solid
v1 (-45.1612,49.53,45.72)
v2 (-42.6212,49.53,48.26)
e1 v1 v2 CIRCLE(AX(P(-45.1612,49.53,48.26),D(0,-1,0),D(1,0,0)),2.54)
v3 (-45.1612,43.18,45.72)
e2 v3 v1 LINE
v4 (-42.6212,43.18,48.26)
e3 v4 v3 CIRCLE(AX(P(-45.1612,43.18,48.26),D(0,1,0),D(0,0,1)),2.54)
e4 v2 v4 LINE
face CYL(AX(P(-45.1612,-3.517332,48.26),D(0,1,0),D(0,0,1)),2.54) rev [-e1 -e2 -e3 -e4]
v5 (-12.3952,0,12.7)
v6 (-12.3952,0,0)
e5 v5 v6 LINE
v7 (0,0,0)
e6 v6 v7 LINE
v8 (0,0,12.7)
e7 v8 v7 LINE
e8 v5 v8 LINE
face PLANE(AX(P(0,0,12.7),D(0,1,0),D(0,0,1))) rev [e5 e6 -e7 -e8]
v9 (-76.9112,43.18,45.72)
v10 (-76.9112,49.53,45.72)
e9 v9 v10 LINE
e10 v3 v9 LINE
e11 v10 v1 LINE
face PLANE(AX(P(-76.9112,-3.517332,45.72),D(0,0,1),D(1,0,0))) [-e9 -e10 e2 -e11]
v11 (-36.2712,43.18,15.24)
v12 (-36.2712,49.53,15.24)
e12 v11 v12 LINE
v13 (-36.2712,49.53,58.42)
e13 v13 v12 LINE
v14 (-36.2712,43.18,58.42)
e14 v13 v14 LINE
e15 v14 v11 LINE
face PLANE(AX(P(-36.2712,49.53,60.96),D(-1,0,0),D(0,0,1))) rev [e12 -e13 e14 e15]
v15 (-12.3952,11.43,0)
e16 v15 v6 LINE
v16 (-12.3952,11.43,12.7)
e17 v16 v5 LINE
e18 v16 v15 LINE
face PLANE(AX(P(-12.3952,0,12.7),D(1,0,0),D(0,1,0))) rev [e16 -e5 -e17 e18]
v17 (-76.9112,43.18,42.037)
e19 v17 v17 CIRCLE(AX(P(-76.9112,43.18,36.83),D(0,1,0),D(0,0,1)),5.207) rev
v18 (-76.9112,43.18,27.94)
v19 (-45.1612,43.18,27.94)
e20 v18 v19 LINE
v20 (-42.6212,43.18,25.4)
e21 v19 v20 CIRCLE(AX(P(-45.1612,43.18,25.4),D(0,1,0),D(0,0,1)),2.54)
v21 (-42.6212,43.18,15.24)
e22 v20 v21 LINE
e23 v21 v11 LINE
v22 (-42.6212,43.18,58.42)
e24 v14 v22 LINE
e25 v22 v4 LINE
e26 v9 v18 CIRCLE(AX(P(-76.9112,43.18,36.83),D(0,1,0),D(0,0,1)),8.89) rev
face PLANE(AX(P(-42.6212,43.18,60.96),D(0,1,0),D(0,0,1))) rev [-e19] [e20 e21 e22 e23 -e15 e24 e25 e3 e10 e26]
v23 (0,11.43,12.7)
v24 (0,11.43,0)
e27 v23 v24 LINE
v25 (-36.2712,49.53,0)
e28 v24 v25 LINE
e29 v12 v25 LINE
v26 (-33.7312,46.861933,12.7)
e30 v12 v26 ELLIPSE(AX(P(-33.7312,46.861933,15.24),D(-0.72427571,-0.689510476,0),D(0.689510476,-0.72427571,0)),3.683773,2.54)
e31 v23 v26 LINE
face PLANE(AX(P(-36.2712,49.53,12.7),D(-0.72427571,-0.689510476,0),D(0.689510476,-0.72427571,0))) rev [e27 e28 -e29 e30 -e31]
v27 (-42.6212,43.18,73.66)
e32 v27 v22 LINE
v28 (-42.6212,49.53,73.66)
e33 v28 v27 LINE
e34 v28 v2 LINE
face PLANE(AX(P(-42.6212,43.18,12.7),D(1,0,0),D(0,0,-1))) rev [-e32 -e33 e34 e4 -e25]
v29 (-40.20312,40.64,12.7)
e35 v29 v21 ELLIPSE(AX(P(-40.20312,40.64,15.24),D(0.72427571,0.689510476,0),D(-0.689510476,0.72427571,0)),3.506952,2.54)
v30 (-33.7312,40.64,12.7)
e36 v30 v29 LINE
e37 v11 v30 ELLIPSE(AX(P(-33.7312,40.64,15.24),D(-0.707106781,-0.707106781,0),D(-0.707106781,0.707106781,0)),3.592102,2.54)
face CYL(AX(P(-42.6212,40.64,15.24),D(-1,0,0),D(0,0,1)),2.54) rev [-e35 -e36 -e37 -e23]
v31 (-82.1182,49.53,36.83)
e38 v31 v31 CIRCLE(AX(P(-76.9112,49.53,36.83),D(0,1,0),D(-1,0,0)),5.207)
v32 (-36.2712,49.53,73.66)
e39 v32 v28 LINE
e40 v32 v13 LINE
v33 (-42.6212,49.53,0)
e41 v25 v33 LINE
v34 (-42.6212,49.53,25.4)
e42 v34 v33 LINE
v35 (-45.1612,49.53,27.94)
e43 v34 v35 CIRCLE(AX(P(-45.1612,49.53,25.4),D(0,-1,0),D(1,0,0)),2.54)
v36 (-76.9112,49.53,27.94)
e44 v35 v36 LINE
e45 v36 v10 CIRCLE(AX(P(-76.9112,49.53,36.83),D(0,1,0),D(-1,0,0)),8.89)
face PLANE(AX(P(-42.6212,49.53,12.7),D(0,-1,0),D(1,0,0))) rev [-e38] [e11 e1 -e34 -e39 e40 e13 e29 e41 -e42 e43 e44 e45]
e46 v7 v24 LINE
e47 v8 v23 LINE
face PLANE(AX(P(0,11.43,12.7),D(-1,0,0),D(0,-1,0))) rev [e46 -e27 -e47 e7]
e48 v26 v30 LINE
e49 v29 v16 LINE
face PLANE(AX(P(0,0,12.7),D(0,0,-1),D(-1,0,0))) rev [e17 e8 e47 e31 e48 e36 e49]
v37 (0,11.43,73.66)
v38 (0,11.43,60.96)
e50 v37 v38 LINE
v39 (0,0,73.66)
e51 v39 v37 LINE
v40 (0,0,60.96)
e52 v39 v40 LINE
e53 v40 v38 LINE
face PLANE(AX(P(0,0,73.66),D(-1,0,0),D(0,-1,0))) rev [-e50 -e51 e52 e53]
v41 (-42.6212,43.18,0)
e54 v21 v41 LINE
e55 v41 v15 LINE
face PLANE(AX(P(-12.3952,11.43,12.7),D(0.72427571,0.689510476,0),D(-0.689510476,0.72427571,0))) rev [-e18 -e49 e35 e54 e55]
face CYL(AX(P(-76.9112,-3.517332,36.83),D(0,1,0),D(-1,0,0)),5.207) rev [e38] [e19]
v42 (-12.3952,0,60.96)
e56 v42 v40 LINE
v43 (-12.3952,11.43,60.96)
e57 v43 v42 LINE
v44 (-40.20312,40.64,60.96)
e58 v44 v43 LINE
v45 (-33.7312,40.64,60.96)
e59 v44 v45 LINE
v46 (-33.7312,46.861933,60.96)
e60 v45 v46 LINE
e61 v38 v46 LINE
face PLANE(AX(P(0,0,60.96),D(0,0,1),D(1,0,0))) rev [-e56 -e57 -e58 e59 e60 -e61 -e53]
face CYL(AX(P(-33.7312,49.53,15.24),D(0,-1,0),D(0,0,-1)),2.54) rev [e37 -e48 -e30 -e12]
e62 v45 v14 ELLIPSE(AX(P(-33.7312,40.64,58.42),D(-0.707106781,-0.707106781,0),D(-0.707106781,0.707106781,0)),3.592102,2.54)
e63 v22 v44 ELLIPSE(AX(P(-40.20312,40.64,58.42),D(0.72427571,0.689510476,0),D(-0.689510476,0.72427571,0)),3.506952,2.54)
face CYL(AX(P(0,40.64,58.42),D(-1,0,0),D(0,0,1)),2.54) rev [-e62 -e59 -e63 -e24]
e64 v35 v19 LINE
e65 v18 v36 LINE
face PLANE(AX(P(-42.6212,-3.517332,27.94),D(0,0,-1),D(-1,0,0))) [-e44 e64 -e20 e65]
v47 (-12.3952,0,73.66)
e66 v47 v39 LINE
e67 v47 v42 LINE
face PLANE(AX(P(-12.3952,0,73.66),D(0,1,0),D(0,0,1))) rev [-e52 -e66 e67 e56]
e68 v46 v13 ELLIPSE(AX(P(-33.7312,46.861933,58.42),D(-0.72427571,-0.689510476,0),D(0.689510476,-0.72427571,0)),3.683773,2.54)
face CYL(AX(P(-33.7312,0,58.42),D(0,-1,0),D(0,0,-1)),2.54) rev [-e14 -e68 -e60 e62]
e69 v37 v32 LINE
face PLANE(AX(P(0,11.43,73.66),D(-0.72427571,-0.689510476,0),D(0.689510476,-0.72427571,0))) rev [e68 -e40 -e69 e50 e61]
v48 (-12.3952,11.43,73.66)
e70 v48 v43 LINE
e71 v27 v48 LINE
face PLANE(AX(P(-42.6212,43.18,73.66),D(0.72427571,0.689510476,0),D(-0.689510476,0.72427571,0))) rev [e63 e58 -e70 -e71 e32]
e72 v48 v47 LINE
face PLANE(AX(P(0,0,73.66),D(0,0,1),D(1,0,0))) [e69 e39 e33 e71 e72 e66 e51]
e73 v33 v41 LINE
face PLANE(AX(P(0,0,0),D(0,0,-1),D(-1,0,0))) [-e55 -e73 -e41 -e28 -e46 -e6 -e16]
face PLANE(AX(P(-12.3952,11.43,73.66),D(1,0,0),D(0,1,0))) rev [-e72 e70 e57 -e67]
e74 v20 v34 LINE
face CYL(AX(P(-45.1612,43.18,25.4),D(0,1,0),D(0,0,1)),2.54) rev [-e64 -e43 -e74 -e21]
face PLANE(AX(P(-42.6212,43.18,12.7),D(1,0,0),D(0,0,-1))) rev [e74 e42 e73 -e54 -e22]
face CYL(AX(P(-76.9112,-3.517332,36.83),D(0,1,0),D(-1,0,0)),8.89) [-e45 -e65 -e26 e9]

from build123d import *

# Parameters (mm, degrees)
BOSS_EXTRUDE1_DEPTH = 12.7
SKETCH2_W           = 6.35
SKETCH2_H           = 6.35
BOSS_EXTRUDE2_DEPTH = 48.26
BOSS_EXTRUDE3_DEPTH = 12.7
SKETCH4_R           = 5.207
BOSS_EXTRUDE4_DEPTH = 6.35
FILLET1_R           = 2.54


with BuildPart() as part:
    # Sketch1 → Boss-Extrude1 (new body)
    with BuildSketch(Plane.XY):
        Polygon((0, 0), (-12.3952, 0), (-12.3952, 11.43), (-42.6212, 43.18), (-42.6212, 49.53), (-36.2712, 49.53), (0, 11.43), align=None)
    extrude(amount=BOSS_EXTRUDE1_DEPTH)

    # Sketch2 → Boss-Extrude2 (add)
    with BuildSketch(Plane.XY.offset(12.7)):
        with Locations((-39.4462, 46.355)):
            Rectangle(SKETCH2_W, SKETCH2_H)
    extrude(amount=BOSS_EXTRUDE2_DEPTH)

    # Sketch3 → Boss-Extrude3 (add)
    with BuildSketch(Plane.XY.offset(60.96)):
        Polygon((-42.6212, 43.18), (-12.3952, 11.43), (-12.3952, 0), (0, 0), (0, 11.43), (-36.2712, 49.53), (-42.6212, 49.53), align=None)
    extrude(amount=BOSS_EXTRUDE3_DEPTH)

    # Sketch4 → Boss-Extrude4 (add)
    with BuildSketch(Plane(origin=(0, 49.53, 0), x_dir=(1, 0, 0), z_dir=(0, 1, 0))):
        with BuildLine():
            Line((-42.6212, -27.94), (-76.9112, -27.94))
            ThreePointArc((-76.9112, -27.94), (-85.8012, -36.83), (-76.9112, -45.72))
            Line((-76.9112, -45.72), (-42.6212, -45.72))
            Line((-42.6212, -45.72), (-42.6212, -27.94))
        make_face()
        with Locations((-76.9112, -36.83)):
            Circle(SKETCH4_R, mode=Mode.SUBTRACT)
    extrude(amount=-BOSS_EXTRUDE4_DEPTH)

    # Fillet1
    fillet1_edges = [part.edges().sort_by_distance(p)[0] for p in [
        (-39.4462, 43.18, 12.7),
        (-36.2712, 46.355, 12.7),
        (-39.4462, 43.18, 60.96),
        (-36.2712, 46.355, 60.96),
        (-42.6212, 46.355, 45.72),
        (-42.6212, 46.355, 27.94),
    ]]
    fillet(fillet1_edges, radius=FILLET1_R)


solid = part.part
